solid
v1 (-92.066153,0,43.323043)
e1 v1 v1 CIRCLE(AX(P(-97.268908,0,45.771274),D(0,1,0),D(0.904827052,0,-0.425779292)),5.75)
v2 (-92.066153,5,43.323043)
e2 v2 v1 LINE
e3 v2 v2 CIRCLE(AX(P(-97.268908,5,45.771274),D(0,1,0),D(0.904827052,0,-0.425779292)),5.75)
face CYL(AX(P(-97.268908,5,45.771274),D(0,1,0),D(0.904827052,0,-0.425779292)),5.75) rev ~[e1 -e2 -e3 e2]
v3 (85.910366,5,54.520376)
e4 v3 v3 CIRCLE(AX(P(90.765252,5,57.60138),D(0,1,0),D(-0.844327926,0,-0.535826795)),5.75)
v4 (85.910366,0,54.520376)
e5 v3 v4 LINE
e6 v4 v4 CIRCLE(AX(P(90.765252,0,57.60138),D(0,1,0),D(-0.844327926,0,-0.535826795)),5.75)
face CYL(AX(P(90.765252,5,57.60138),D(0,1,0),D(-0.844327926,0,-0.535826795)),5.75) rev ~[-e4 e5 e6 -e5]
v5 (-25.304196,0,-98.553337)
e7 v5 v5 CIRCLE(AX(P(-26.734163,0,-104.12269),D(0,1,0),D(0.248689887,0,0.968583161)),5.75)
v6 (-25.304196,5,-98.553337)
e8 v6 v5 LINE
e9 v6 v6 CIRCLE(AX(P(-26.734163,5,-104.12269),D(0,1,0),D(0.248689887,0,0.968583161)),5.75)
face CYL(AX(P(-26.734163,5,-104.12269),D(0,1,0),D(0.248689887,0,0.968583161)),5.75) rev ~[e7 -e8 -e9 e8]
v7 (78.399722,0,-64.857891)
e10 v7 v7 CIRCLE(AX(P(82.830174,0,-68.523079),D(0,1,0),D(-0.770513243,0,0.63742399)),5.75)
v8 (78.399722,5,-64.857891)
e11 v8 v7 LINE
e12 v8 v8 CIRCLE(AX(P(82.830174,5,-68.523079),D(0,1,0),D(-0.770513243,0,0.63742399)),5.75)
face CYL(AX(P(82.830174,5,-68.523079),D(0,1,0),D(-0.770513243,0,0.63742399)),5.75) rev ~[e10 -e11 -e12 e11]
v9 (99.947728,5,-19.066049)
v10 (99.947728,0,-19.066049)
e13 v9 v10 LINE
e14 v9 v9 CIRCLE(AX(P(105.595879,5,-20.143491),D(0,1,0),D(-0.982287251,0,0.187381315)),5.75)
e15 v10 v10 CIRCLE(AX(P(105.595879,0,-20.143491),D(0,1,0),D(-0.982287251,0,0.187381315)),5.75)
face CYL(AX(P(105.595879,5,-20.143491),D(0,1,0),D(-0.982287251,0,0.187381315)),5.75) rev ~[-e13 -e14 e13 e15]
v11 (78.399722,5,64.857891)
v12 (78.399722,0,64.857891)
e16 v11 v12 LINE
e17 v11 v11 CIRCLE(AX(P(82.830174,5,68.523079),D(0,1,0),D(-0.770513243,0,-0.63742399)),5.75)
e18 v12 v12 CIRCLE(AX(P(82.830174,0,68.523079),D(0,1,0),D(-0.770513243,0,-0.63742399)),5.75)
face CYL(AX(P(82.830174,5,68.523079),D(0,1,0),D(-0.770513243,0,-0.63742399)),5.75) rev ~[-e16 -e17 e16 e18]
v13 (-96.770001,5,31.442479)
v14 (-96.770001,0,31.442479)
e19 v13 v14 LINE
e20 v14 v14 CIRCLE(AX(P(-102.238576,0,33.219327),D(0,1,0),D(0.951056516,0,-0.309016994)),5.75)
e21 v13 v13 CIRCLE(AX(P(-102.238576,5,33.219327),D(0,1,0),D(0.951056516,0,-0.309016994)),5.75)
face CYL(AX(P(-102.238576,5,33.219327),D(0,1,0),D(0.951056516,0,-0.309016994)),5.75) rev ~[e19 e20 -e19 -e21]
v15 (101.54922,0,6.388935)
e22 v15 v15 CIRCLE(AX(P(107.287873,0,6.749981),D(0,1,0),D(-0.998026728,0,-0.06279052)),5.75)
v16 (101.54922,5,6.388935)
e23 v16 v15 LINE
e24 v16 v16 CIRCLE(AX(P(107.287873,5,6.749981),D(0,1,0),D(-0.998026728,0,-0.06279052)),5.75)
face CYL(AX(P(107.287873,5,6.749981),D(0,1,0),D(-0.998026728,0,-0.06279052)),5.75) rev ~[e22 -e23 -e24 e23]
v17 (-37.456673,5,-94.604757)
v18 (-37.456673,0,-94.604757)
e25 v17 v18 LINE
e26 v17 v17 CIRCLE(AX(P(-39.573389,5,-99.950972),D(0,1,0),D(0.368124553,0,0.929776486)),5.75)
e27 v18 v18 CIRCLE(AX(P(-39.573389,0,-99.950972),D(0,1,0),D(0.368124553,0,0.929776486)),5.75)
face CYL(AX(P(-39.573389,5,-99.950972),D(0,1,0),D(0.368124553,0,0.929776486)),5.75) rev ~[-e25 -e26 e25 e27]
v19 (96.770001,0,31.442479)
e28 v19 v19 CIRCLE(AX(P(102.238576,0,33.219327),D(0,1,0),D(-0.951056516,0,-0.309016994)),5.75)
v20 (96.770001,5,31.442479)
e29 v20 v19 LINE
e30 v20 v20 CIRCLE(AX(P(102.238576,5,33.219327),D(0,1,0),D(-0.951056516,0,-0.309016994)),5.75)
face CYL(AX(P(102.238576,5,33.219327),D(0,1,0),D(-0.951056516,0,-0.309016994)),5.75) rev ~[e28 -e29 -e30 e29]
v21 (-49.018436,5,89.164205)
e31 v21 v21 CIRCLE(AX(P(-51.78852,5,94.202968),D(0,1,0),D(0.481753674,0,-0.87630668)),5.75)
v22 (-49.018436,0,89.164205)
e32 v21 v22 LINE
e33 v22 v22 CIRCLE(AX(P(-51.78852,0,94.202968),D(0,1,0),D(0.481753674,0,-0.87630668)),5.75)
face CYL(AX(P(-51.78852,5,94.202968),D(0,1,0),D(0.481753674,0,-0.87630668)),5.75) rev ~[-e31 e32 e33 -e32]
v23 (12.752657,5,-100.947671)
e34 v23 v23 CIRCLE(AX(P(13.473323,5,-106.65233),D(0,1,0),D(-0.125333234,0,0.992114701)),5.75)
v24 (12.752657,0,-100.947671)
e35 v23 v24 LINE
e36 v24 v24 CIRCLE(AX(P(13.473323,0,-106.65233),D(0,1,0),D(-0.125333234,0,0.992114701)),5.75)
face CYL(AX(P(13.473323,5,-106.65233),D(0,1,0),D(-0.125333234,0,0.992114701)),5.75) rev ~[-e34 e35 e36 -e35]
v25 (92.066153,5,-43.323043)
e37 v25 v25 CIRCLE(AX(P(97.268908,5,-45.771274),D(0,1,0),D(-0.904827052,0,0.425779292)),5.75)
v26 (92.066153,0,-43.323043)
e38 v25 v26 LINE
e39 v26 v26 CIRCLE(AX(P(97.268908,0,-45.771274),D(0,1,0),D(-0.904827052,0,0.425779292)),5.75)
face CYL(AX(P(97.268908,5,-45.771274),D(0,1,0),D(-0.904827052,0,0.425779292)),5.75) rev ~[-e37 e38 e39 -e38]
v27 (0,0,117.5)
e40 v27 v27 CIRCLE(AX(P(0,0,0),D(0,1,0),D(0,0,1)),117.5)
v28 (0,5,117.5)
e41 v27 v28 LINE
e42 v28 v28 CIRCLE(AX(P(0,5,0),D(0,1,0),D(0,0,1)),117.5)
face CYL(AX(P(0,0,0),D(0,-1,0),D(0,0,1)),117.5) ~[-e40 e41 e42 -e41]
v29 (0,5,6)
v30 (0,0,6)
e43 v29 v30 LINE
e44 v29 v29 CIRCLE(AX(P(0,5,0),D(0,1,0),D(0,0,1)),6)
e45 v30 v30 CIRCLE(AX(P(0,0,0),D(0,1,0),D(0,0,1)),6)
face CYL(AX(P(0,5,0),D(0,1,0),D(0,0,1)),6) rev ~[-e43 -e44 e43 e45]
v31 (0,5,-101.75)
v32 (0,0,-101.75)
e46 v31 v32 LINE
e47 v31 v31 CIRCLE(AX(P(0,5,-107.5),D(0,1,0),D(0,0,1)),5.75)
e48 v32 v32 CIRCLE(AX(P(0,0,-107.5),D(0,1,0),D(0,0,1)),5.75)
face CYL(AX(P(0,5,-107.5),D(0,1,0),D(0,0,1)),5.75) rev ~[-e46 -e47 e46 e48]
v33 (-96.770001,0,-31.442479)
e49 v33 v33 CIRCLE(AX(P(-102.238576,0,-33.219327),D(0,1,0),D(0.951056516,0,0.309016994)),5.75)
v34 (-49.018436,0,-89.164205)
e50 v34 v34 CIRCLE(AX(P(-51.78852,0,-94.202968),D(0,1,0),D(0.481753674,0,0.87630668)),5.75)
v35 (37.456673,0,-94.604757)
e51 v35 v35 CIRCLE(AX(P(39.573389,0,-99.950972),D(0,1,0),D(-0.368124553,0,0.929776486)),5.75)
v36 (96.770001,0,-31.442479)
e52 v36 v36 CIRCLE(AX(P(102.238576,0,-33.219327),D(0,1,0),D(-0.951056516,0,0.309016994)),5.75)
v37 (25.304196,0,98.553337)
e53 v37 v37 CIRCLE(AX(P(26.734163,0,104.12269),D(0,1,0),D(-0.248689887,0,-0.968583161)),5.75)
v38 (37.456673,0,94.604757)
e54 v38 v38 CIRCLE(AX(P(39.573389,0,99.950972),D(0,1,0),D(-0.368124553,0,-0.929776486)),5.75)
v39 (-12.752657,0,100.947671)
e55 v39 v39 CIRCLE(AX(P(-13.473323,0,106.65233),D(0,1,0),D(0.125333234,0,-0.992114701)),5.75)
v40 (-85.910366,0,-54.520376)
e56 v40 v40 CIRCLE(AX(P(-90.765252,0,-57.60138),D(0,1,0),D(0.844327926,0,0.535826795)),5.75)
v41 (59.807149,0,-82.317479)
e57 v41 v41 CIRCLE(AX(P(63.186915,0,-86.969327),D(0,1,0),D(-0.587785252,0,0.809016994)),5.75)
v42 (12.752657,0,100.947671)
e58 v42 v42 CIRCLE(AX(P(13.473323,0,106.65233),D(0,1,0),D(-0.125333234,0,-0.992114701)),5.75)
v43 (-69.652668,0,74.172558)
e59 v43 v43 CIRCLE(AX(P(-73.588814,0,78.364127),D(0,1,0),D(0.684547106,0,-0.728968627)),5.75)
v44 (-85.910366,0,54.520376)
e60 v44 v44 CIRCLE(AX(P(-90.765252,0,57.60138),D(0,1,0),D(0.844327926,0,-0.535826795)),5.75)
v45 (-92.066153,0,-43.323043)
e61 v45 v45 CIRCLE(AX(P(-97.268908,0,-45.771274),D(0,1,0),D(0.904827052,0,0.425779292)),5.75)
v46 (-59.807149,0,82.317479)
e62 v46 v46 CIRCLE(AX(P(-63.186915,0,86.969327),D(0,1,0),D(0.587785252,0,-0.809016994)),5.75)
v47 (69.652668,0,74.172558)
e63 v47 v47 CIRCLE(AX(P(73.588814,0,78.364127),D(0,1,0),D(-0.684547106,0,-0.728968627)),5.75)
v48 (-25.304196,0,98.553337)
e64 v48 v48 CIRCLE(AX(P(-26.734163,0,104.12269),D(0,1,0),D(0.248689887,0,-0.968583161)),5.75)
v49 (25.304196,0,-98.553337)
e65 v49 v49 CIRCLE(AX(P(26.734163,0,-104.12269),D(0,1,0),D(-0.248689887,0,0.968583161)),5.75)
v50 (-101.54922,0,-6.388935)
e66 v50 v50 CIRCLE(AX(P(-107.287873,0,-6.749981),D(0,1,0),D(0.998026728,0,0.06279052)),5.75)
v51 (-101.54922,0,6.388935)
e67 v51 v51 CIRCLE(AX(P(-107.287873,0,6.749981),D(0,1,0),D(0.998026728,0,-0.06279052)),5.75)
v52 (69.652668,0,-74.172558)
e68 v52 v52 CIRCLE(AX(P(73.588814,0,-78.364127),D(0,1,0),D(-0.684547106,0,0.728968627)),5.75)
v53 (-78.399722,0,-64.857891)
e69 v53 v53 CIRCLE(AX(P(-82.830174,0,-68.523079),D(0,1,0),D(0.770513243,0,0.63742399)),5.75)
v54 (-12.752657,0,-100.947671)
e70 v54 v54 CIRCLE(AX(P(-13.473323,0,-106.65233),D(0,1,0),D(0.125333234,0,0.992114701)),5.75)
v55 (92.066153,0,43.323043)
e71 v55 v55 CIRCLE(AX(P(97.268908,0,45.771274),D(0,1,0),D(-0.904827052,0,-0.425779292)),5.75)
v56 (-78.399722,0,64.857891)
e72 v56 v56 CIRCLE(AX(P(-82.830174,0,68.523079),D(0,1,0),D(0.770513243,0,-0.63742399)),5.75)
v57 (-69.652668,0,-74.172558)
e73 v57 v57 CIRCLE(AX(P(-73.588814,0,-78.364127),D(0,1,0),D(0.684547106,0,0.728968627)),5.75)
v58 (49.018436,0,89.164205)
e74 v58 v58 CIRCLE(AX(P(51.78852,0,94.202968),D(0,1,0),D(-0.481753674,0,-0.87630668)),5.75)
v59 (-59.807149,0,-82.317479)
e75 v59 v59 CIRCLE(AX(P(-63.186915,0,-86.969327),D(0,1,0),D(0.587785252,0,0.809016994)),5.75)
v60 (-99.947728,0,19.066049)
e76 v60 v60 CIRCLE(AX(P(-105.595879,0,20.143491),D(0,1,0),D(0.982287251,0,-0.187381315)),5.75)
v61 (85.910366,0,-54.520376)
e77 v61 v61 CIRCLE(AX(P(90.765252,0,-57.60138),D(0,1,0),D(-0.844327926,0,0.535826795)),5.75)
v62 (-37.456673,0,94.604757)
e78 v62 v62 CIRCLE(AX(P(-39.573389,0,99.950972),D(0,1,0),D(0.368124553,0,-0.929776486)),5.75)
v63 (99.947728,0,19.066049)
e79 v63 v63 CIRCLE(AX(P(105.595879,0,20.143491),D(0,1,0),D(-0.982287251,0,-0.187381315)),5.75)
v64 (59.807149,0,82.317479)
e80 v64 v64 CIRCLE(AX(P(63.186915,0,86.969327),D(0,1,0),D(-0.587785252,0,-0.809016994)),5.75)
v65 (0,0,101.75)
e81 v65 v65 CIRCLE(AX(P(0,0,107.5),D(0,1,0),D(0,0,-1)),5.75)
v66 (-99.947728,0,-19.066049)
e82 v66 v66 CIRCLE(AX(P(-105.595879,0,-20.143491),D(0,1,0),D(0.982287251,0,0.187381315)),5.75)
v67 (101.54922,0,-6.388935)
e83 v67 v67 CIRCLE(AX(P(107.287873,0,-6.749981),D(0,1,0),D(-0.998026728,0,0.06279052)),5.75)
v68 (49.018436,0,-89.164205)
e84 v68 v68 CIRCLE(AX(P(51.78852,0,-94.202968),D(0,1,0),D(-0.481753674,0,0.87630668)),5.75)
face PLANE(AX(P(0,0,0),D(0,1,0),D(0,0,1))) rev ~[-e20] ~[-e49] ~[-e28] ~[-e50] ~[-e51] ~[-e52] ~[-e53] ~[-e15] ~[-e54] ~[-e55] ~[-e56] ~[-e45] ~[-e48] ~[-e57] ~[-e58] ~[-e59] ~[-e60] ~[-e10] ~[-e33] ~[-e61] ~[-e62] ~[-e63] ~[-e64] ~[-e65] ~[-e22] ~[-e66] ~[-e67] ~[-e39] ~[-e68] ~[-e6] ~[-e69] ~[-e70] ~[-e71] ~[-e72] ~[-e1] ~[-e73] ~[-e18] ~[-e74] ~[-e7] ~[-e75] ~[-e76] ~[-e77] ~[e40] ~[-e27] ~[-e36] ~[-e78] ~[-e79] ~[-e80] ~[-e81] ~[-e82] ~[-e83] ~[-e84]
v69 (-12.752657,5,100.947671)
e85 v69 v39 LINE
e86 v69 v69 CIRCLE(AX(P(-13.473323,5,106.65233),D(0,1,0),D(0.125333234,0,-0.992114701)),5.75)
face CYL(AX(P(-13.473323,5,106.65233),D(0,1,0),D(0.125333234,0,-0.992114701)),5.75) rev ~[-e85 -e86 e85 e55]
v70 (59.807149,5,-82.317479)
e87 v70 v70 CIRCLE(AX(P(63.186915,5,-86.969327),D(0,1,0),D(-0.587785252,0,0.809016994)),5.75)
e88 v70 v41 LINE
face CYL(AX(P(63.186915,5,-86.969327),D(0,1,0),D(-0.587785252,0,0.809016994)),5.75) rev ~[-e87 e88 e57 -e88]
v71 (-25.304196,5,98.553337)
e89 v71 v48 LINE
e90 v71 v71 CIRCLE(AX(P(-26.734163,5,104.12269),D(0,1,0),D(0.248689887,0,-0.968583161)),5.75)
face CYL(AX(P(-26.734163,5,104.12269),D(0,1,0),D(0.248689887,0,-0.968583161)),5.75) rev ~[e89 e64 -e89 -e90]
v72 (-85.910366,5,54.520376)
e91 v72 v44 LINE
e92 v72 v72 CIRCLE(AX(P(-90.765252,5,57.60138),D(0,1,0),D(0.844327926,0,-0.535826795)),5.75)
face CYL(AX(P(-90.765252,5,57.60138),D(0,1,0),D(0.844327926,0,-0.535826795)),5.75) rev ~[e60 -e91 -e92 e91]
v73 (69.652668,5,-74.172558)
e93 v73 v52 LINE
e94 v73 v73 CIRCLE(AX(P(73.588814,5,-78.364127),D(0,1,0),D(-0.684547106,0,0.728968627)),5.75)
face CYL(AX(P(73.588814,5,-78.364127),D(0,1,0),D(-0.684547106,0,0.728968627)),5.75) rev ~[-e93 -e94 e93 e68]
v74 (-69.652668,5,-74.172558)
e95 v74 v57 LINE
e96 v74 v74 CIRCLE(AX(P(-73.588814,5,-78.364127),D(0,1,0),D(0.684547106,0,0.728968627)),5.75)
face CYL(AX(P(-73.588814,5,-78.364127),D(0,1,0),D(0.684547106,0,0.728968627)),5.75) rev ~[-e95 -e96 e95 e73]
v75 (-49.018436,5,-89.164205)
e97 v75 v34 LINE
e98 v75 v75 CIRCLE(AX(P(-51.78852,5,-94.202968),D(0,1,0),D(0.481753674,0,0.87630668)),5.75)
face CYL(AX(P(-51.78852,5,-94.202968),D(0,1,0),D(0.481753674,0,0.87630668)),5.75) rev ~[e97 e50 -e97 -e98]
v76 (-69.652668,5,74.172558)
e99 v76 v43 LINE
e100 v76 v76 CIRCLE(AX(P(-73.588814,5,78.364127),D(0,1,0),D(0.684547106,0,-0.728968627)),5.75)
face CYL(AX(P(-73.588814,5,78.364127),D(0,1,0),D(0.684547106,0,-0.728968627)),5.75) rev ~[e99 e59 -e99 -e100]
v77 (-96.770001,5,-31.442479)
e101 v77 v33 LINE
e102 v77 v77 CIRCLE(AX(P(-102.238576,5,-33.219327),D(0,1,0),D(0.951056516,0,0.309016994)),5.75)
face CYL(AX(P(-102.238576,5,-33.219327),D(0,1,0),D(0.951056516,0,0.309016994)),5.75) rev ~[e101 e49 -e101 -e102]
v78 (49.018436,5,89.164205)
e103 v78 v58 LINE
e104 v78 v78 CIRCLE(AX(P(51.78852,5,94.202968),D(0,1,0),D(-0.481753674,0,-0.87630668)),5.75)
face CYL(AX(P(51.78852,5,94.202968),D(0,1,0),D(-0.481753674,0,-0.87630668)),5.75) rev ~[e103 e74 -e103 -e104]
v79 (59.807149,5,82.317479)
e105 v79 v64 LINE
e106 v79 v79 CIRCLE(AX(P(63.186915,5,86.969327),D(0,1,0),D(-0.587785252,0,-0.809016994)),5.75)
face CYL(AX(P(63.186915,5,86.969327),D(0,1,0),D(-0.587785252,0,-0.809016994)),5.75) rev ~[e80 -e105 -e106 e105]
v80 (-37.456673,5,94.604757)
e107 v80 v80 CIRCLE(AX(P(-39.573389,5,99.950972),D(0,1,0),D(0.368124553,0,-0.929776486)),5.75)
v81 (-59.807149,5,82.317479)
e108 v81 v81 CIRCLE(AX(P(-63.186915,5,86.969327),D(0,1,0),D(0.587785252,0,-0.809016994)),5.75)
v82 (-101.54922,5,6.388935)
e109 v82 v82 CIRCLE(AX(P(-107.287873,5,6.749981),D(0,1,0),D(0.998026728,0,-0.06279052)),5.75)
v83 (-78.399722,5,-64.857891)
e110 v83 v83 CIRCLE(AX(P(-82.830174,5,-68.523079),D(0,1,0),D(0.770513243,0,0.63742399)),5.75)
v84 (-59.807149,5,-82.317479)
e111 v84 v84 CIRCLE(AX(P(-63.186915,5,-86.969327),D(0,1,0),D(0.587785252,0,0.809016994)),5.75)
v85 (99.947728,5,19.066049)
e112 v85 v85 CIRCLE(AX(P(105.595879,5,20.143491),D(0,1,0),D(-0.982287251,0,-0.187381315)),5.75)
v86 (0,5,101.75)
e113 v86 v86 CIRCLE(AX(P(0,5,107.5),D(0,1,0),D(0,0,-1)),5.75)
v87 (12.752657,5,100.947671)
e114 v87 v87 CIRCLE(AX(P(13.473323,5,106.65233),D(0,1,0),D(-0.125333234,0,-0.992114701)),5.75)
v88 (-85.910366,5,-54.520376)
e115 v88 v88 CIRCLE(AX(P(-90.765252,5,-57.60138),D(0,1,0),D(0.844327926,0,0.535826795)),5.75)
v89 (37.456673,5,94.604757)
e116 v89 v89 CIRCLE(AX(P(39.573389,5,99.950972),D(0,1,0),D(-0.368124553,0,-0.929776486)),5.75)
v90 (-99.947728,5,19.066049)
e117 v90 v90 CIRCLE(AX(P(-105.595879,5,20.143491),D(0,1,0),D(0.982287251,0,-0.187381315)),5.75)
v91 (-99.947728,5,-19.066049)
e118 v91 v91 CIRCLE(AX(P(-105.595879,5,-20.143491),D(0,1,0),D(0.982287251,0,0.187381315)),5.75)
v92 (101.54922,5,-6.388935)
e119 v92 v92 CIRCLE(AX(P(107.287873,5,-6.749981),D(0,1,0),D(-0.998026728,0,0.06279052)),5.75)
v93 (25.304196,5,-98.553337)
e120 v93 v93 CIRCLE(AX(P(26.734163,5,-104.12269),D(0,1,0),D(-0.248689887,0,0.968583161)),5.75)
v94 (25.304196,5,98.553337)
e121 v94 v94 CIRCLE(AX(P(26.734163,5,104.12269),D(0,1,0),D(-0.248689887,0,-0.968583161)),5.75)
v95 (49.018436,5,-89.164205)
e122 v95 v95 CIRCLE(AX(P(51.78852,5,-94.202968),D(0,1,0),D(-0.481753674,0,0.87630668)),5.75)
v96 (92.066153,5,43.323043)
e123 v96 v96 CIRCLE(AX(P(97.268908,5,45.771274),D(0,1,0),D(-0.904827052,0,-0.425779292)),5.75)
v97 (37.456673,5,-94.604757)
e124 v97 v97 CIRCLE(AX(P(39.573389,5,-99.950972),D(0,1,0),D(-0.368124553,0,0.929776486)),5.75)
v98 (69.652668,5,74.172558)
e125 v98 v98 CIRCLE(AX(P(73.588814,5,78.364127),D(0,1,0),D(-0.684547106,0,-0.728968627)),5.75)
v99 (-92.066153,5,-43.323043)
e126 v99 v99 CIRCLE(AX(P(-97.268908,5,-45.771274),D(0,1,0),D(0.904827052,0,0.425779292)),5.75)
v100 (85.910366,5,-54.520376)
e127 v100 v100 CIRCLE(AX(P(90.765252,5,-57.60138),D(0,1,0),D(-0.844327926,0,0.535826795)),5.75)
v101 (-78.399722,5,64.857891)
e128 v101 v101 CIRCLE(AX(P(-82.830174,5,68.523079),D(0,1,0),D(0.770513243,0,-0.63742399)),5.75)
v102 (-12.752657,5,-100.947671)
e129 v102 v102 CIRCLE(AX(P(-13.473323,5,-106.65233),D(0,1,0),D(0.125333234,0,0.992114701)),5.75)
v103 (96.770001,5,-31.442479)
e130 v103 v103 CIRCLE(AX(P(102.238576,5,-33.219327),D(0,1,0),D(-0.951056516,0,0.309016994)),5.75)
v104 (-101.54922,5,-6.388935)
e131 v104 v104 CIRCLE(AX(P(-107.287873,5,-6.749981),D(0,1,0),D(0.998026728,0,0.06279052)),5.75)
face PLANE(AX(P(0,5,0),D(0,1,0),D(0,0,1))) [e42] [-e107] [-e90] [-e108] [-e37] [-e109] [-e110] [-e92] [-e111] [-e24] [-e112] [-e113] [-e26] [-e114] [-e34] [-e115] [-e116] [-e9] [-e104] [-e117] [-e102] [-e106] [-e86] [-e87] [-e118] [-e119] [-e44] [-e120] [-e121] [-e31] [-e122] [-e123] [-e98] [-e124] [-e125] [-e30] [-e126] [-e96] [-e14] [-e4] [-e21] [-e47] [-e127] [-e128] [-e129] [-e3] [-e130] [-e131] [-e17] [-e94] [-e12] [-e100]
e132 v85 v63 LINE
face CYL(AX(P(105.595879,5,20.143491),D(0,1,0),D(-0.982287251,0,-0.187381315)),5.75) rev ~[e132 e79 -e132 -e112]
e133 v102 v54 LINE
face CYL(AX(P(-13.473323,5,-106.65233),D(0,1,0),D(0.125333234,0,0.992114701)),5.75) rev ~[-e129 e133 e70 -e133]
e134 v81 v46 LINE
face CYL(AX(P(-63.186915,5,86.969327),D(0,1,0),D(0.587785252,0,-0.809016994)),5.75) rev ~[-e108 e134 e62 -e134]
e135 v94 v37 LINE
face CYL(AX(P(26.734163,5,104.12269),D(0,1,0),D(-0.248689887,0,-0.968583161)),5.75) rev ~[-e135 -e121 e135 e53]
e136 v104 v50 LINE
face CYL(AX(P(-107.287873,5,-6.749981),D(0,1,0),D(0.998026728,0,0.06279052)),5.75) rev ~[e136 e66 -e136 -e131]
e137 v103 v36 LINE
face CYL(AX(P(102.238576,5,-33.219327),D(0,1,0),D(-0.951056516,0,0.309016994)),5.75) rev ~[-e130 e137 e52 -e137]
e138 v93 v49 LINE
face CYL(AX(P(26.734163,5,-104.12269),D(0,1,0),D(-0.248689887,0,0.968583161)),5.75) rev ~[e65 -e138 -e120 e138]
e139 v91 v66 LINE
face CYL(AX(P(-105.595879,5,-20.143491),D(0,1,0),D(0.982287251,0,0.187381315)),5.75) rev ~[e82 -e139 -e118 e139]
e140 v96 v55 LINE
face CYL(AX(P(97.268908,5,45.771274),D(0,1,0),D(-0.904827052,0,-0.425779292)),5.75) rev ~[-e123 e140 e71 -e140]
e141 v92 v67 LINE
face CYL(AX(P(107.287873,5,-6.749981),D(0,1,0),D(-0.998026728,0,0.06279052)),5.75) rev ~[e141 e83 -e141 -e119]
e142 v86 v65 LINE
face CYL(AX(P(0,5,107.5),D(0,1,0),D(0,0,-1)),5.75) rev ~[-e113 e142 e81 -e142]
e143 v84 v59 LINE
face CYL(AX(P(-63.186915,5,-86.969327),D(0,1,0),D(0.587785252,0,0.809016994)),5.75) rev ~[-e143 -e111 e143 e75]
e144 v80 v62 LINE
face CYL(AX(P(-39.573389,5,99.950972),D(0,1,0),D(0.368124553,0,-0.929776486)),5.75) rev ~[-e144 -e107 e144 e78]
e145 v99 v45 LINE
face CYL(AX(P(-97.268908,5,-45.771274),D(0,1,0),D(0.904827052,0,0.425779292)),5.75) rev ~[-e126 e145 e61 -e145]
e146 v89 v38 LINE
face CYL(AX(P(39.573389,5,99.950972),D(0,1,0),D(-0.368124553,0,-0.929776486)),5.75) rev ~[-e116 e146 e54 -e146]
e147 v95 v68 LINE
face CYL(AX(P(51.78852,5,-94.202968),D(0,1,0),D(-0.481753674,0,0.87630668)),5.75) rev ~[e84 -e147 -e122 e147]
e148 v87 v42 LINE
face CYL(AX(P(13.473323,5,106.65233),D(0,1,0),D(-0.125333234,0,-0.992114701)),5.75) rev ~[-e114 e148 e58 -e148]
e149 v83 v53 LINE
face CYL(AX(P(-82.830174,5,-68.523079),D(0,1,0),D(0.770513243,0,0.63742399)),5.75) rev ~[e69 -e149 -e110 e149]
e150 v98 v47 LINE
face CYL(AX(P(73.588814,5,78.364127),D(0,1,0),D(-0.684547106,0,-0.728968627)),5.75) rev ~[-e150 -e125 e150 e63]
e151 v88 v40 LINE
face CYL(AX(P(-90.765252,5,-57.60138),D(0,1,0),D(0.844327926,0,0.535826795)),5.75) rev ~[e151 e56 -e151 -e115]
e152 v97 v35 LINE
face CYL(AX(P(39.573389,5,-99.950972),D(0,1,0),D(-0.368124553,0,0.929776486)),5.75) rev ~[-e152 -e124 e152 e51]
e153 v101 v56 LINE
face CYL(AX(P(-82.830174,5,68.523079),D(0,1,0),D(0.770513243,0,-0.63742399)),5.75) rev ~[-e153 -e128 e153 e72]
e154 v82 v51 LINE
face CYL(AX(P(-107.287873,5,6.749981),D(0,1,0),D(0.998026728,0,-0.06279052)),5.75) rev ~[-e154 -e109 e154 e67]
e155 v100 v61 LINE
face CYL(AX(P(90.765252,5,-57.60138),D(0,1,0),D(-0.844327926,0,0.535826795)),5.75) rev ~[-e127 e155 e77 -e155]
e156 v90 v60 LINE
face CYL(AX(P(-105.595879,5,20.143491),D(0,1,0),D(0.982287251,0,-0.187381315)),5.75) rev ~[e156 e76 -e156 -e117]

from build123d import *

# Parameters (mm, degrees)
SKETCH1_R           = 117.5
BOSS_EXTRUDE1_DEPTH = 5
SKETCH2_R           = 5.75
CUT_EXTRUDE1_DEPTH  = 167.245300685
CIRPATTERN1_COUNT   = 50
SKETCH3_R           = 6
CUT_EXTRUDE2_DEPTH  = 167.245300685


with BuildPart() as part:
    # Sketch1 → Boss-Extrude1 (new body)
    with BuildSketch(Plane(origin=(0, 0, 0), x_dir=(1, 0, 0), z_dir=(0, 1, 0))):
        with Locations(Location((0, 0, 0), (0, 0, 270))):
            Circle(SKETCH1_R)
    extrude(amount=BOSS_EXTRUDE1_DEPTH)

    # Sketch2 → Cut-Extrude1 (cut, through all)
    with BuildSketch(Plane(origin=(0, 5, 0), x_dir=(1, 0, 0), z_dir=(0, 1, 0))):
        with Locations(Location((0, 107.5, 0), (0, 0, 270))):
            Circle(SKETCH2_R)
    cut_extrude1 = extrude(amount=-CUT_EXTRUDE1_DEPTH, mode=Mode.SUBTRACT)

    # CirPattern1: Cut-Extrude1 ×50 about axis
    cirpattern1_axis = Axis((0, 0, 0), (0, 1, 0))
    for i in range(1, CIRPATTERN1_COUNT):
        add(cut_extrude1.rotate(cirpattern1_axis, i * 360 / CIRPATTERN1_COUNT), mode=Mode.SUBTRACT)

    # Sketch3 → Cut-Extrude2 (cut, through all)
    with BuildSketch(Plane(origin=(0, 5, 0), x_dir=(1, 0, 0), z_dir=(0, 1, 0))):
        with Locations(Location((0, 0, 0), (0, 0, 270))):
            Circle(SKETCH3_R)
    extrude(amount=-CUT_EXTRUDE2_DEPTH, mode=Mode.SUBTRACT)


solid = part.part
